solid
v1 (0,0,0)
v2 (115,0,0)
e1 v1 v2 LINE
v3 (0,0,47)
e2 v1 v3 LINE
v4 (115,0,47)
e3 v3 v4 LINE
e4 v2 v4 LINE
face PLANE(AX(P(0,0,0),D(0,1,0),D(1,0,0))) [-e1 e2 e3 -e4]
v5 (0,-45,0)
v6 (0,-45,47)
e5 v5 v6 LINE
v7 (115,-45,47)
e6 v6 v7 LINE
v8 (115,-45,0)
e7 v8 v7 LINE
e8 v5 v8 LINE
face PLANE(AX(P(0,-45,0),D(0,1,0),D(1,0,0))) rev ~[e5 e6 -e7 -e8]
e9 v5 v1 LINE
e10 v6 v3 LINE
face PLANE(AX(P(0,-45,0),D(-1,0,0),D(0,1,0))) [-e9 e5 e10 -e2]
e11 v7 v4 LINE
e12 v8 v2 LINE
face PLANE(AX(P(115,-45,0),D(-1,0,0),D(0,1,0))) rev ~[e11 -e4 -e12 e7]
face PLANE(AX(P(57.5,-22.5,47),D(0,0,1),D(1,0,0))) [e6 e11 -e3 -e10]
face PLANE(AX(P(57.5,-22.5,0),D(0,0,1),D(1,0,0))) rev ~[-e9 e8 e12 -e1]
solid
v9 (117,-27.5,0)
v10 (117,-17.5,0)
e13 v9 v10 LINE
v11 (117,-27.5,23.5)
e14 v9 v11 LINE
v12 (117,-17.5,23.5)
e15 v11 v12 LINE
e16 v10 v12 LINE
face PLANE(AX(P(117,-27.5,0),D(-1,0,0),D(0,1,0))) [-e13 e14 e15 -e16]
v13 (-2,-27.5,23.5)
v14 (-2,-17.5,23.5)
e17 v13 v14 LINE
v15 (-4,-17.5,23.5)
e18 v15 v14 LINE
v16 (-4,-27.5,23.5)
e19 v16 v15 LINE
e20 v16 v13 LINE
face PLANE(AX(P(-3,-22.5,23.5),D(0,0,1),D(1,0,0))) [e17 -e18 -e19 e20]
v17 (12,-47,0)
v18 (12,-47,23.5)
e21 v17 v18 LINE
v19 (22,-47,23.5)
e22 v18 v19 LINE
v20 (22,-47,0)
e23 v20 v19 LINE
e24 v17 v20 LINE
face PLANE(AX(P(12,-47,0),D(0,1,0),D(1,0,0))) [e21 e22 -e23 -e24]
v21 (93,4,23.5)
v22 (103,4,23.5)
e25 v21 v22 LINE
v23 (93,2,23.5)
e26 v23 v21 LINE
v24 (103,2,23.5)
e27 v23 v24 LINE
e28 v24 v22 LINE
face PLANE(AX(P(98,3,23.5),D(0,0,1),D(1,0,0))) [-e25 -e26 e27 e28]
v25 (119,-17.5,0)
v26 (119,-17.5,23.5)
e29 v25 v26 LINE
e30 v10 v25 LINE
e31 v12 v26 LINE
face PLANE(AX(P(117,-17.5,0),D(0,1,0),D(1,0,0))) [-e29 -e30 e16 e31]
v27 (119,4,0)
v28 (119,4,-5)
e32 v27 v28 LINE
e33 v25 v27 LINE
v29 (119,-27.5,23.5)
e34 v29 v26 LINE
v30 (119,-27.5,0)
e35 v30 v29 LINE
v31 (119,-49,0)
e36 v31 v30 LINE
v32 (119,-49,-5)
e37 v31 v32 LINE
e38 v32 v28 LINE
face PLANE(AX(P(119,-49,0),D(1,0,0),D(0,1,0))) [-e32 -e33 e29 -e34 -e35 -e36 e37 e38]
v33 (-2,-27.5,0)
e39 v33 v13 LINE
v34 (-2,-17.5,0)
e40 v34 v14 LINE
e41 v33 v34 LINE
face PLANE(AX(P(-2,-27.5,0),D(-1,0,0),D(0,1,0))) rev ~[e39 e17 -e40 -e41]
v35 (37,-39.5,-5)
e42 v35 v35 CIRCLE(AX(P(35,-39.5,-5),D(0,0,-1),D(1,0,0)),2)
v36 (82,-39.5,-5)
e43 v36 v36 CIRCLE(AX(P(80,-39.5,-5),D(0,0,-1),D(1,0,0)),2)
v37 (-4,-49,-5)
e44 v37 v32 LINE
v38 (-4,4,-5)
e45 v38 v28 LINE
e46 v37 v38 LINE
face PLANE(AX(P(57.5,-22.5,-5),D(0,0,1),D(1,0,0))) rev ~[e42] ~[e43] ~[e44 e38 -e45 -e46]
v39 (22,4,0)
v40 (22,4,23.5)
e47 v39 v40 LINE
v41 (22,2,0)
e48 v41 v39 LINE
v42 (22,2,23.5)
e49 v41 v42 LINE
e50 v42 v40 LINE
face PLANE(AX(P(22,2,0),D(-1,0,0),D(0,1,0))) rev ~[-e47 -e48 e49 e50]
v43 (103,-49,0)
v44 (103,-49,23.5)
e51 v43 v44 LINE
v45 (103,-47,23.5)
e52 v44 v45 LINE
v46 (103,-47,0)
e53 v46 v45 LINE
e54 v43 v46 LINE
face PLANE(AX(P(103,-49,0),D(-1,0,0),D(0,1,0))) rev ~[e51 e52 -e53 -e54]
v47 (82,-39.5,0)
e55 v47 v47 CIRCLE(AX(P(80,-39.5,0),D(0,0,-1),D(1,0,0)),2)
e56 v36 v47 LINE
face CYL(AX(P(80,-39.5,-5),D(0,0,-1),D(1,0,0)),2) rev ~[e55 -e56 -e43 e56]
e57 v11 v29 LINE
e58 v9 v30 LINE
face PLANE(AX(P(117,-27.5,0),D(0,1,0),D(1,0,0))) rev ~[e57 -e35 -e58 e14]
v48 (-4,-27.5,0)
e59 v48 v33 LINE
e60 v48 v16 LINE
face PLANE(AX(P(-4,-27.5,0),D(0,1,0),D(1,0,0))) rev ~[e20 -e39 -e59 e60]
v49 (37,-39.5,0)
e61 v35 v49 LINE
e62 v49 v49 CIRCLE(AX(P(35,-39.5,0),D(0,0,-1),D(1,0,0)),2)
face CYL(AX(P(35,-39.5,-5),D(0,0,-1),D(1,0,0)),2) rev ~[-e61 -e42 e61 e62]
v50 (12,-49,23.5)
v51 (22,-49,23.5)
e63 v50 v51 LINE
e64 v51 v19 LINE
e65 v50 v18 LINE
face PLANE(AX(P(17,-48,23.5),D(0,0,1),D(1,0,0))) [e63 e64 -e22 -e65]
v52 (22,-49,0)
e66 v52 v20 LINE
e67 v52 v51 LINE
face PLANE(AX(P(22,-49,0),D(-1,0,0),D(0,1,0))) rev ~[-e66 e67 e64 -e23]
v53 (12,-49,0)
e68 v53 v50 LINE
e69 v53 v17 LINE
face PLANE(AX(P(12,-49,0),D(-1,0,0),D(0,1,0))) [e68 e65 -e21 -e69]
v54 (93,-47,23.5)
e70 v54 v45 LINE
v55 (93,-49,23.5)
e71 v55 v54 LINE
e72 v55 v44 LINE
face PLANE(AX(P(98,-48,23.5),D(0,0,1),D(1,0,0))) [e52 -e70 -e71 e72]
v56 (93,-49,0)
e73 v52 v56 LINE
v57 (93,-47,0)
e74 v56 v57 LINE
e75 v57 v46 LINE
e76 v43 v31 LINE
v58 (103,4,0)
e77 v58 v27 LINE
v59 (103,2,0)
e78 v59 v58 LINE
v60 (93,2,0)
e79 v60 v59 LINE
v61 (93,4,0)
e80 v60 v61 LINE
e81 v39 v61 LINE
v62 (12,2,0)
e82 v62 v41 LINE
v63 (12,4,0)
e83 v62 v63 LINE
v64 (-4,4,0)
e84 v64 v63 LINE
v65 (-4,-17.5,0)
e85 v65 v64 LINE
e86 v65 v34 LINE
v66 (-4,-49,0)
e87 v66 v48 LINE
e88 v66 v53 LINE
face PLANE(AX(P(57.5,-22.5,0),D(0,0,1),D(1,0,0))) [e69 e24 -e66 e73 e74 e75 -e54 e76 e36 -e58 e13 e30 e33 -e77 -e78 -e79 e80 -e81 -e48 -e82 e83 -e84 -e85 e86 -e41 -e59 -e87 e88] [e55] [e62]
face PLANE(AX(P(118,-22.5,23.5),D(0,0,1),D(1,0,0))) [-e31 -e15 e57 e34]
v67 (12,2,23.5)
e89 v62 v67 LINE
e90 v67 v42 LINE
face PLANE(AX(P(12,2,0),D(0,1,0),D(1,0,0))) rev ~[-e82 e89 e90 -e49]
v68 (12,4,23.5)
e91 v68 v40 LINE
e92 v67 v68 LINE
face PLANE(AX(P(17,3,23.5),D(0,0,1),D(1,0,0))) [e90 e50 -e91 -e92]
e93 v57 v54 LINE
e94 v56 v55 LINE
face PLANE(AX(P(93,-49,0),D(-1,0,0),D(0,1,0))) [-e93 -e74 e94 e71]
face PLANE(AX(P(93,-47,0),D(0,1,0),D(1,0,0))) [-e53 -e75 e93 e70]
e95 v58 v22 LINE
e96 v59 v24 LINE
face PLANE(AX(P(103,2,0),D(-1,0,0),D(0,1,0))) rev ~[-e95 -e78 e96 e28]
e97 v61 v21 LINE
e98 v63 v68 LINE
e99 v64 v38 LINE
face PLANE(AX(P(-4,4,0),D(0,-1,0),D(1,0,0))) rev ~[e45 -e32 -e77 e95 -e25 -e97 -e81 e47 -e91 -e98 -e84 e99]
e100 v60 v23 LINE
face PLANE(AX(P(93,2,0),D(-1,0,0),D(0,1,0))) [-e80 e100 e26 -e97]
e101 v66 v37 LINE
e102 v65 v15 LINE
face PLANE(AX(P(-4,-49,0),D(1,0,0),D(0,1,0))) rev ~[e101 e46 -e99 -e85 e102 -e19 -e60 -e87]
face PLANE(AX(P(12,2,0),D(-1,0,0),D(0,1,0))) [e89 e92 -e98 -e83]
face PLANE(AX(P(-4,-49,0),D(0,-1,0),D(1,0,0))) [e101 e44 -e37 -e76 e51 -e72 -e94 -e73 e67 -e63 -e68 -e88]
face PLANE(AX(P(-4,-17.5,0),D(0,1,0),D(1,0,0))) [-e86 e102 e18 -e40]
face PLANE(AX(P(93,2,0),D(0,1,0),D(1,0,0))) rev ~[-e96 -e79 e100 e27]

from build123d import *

# Parameters (mm, degrees)
F0_W     = 115
F0_H     = 45
F1_DEPTH = 47
F2_W     = 123
F2_H     = 53
F3_DEPTH = 5
F4_W     = 10
F4_H     = 2
F4_W_2   = 2
F4_H_2   = 10
F5_DEPTH = 23.5
F7_R     = 2
F8_DEPTH = 5


with BuildPart() as f1:
    # F0 (on Top) → F1 (new body)
    with BuildSketch(Plane.XY):
        with Locations((57.5, -22.5)):
            Rectangle(F0_W, F0_H)
    extrude(amount=F1_DEPTH)


with BuildPart() as f3:
    # F2 (on Top) → F3 (new body)
    with BuildSketch(Plane.XY):
        with Locations((57.5, -22.5)):
            Rectangle(F2_W, F2_H)
    extrude(amount=-F3_DEPTH)

    # F4 (on face) → F5 (join)
    with BuildSketch(Plane.XY):
        with Locations((17, 3)):
            Rectangle(F4_W, F4_H)
        with Locations((-3, -22.5)):
            Rectangle(F4_W_2, F4_H_2)
        with Locations((17, -48)):
            Rectangle(F4_W, F4_H)
        with Locations((98, -48)):
            Rectangle(F4_W, F4_H)
        with Locations((98, 3)):
            Rectangle(F4_W, F4_H)
        with Locations((118, -22.5)):
            Rectangle(F4_W_2, F4_H_2)
    extrude(amount=F5_DEPTH)

    # F7 (on face) → F8 (cut, through all)
    with BuildSketch(Plane(origin=(0, 0, -5), x_dir=(1, 0, 0), z_dir=(0, 0, -1))):
        with Locations((80, 39.5)):
            Circle(F7_R)
        with Locations((35, 39.5)):
            Circle(F7_R)
    extrude(amount=-F8_DEPTH, mode=Mode.SUBTRACT)


solid = Compound([f1.part, f3.part])
